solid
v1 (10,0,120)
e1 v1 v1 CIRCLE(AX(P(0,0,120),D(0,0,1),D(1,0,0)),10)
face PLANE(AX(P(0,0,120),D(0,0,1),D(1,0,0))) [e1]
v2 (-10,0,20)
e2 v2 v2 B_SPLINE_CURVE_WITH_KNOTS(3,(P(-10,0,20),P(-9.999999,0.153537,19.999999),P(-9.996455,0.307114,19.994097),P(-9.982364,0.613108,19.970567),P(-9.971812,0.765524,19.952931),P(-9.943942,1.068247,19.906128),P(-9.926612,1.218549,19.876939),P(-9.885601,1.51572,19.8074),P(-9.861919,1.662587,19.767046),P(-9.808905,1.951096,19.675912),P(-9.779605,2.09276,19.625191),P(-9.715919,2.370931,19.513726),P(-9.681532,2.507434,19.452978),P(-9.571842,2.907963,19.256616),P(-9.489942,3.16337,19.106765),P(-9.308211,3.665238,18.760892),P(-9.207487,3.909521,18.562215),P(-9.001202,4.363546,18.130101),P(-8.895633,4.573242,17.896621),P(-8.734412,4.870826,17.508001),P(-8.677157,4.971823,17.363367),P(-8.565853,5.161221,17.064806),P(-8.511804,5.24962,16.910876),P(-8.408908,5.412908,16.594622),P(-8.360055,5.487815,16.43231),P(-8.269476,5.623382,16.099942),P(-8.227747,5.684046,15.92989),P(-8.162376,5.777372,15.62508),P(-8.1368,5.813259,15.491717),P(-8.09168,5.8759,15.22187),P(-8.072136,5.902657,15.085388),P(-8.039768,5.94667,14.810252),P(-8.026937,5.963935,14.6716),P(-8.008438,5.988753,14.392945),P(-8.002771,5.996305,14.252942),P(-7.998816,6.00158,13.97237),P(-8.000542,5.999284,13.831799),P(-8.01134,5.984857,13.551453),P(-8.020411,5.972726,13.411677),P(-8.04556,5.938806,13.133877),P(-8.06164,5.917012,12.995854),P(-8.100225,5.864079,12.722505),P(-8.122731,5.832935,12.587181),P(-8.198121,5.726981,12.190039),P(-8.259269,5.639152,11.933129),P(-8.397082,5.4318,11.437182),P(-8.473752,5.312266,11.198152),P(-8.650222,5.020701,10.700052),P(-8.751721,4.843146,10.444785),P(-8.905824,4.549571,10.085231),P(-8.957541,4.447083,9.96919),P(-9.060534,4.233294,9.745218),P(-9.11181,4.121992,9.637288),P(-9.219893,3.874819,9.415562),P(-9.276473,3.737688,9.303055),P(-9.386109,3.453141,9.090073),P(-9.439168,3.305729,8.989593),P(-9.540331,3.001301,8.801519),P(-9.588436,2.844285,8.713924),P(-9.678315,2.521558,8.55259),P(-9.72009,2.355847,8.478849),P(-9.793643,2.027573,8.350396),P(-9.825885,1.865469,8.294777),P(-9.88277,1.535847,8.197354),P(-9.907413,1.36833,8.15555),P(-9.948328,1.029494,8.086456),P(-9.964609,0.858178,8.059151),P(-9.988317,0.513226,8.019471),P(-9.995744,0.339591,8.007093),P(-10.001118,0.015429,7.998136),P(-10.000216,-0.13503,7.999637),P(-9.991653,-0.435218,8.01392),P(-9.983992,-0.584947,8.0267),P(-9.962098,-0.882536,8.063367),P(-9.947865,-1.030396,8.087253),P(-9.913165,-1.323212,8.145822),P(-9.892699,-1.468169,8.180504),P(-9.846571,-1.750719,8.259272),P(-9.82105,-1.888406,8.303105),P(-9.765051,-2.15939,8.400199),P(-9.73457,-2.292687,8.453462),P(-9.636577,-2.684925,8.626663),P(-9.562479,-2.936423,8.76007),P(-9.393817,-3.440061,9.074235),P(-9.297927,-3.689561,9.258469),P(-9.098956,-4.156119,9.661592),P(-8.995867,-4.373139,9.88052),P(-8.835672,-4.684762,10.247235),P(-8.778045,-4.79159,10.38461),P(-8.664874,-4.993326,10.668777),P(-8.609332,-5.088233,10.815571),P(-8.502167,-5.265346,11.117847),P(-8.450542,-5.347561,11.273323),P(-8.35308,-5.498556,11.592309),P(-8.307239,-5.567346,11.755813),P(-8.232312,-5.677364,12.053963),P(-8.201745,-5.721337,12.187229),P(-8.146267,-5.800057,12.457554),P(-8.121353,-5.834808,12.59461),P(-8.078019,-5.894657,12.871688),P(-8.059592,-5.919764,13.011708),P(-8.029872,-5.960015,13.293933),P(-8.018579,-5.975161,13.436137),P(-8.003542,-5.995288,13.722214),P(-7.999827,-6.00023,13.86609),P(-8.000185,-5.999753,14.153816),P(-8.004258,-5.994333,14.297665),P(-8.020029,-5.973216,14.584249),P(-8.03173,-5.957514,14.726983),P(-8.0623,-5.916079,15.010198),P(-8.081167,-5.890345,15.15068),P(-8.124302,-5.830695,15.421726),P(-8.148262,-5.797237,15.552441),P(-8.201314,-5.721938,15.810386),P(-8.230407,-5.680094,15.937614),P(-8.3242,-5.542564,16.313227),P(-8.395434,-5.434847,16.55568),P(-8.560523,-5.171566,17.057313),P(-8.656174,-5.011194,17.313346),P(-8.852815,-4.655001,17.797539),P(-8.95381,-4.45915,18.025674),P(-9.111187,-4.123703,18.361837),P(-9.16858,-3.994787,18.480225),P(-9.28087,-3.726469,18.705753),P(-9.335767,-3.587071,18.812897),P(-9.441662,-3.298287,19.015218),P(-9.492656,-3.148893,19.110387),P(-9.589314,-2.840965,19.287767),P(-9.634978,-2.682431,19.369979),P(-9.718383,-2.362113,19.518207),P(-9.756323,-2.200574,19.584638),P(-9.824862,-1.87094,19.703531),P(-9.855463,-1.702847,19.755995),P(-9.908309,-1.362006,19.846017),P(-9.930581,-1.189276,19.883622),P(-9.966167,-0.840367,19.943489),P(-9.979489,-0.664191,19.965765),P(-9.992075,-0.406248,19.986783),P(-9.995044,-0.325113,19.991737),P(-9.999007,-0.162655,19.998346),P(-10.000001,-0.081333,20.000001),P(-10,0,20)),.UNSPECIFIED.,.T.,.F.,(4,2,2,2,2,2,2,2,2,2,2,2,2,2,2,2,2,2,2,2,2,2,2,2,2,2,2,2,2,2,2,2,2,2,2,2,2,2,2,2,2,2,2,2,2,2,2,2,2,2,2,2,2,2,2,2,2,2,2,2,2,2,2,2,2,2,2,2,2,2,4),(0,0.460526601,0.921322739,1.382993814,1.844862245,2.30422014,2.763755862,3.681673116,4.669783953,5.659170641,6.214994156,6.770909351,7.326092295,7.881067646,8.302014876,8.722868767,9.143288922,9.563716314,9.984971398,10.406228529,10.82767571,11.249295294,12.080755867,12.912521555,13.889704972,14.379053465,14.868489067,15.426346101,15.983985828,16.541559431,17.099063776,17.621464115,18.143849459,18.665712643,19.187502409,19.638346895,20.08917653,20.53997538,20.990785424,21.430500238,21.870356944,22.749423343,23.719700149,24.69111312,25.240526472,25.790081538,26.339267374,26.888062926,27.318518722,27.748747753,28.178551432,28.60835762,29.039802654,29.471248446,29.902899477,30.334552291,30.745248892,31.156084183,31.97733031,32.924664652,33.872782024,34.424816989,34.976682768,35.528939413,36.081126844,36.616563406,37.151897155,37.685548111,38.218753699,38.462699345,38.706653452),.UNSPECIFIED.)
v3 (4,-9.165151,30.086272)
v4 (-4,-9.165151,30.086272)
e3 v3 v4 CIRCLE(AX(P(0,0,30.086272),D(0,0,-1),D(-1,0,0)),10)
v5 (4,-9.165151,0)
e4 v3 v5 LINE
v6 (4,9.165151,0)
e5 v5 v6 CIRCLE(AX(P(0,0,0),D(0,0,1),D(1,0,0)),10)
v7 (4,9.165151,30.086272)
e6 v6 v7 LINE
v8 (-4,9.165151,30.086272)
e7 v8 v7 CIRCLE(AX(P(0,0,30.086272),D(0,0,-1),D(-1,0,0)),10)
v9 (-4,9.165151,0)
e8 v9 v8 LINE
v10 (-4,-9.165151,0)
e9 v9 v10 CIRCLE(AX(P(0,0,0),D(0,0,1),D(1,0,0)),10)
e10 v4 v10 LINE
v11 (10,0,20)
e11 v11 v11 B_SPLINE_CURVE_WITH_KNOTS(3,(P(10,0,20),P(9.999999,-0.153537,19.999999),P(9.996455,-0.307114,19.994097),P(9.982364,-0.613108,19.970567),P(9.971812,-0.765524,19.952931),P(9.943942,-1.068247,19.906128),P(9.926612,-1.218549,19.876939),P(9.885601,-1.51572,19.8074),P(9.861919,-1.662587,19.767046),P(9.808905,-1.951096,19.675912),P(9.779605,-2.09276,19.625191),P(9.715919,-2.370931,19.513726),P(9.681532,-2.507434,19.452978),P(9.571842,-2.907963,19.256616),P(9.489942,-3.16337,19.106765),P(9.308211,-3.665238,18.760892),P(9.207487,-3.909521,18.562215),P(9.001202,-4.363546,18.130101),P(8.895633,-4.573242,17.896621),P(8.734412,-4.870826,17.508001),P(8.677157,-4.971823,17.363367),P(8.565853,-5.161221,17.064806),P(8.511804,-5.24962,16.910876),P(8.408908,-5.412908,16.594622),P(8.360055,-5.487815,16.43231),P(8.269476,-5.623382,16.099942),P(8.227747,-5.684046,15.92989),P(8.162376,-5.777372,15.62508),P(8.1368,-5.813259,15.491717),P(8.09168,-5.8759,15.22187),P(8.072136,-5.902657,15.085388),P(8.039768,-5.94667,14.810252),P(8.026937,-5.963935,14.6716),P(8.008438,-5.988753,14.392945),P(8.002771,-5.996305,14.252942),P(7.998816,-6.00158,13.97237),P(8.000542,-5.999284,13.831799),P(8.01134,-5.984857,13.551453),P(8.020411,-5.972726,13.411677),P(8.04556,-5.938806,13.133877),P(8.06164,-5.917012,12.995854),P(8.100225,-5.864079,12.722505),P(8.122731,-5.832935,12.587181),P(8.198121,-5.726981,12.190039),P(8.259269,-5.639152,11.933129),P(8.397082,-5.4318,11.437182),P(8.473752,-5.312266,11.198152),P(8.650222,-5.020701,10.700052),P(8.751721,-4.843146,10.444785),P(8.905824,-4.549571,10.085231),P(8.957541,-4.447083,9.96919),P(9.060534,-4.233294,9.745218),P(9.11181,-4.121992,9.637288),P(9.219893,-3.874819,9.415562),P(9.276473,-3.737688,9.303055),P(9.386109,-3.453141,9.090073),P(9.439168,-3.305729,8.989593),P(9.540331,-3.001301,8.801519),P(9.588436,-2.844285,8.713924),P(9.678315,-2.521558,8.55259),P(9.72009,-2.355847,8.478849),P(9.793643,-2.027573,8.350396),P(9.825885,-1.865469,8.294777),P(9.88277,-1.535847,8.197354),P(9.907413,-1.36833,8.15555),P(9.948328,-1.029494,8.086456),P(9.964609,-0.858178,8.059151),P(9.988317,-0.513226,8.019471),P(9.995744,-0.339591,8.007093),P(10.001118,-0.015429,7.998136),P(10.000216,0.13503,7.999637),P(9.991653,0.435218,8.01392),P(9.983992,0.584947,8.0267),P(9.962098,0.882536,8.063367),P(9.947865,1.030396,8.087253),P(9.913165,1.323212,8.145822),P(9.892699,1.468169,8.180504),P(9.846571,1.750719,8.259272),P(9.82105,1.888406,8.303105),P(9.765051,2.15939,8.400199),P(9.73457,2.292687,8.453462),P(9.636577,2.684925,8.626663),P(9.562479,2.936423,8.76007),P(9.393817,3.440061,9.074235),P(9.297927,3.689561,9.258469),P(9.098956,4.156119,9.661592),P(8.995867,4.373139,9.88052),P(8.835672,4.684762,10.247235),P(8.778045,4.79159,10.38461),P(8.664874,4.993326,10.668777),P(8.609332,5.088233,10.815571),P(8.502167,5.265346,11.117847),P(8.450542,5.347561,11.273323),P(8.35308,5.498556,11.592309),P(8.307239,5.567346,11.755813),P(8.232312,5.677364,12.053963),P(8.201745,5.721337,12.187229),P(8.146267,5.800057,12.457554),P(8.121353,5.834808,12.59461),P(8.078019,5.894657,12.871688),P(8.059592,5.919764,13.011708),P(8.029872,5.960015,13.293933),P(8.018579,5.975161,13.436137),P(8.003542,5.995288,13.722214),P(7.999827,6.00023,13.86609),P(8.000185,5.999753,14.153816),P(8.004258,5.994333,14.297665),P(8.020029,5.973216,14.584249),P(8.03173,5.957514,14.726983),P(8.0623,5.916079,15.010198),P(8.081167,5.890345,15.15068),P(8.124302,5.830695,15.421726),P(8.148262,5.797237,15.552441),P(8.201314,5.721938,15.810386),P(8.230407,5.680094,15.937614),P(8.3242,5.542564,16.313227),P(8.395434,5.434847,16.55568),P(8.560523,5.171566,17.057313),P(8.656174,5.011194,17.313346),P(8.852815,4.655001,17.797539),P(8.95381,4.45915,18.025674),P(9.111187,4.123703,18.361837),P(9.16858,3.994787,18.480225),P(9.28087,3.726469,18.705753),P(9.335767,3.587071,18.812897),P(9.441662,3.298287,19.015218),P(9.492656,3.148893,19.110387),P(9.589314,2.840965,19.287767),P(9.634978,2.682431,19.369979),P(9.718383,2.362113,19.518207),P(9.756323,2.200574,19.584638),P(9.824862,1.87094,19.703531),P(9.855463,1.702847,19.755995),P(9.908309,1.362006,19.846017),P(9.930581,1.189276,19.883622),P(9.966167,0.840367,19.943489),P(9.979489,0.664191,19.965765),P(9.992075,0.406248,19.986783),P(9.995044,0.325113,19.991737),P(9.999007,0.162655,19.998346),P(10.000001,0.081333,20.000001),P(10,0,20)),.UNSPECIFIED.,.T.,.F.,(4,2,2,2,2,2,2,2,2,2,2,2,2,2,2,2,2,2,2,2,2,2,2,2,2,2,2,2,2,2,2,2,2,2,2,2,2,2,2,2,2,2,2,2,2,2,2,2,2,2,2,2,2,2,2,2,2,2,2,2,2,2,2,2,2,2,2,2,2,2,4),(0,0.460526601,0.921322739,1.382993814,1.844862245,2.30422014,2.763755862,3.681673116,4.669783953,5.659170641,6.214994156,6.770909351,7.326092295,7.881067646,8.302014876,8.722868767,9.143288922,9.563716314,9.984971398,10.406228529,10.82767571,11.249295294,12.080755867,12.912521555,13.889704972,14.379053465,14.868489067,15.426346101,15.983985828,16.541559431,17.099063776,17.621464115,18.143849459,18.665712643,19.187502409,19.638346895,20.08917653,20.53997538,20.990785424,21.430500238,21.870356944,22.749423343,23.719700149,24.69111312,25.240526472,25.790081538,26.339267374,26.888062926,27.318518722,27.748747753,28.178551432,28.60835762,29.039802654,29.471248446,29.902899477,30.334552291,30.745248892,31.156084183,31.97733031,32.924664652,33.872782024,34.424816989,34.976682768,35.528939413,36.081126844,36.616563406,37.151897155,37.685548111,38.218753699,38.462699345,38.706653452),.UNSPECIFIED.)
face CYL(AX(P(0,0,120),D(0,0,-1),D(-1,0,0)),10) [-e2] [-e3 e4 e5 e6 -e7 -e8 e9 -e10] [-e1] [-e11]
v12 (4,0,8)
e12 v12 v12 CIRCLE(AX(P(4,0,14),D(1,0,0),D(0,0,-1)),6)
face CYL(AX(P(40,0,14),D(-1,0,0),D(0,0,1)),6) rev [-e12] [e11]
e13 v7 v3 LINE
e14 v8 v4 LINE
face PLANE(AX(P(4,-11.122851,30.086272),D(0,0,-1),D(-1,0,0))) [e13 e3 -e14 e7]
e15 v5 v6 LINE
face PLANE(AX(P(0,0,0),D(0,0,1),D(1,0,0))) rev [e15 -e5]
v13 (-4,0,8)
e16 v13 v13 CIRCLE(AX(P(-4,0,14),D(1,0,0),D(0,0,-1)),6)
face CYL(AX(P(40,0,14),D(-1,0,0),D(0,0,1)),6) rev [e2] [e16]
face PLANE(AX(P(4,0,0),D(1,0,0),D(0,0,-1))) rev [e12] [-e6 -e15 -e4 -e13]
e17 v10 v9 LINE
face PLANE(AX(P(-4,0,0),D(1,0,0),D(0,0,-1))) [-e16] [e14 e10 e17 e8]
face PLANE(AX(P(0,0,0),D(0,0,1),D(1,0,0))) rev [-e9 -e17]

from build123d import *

# Parameters (mm, degrees)
SKETCH1_R               = 10
BOSS_EXTRUDE1_DEPTH     = 120
CUT_EXTRUDE3_DEPTH      = 40
CUT_EXTRUDE3_DEPTH_BACK = 40
SKETCH4_R               = 6
CUT_EXTRUDE4_DEPTH      = 4
CUT_EXTRUDE4_DEPTH_BACK = 4
SKETCH5_W               = 23.593926408
SKETCH5_H               = 33.705609154


with BuildPart() as part:
    # Sketch1 → Boss-Extrude1 (new body)
    with BuildSketch(Plane(origin=(0, 0, 0), x_dir=(0, 1, 0), z_dir=(0, 0, 1))):
        Circle(SKETCH1_R)
    extrude(amount=BOSS_EXTRUDE1_DEPTH)

    # Sketch4 → Cut-Extrude3 (cut, two sides: drawn at the far end of the back side and taken through both)
    with BuildSketch(Plane.YZ.offset(-CUT_EXTRUDE3_DEPTH_BACK)):
        with Locations((0, 14)):
            Circle(SKETCH4_R)
    extrude(amount=CUT_EXTRUDE3_DEPTH + CUT_EXTRUDE3_DEPTH_BACK, mode=Mode.SUBTRACT)

    # Sketch5 → Cut-Extrude4 (cut, two sides: drawn at the far end of the back side and taken through both)
    with BuildSketch(Plane.YZ.offset(-CUT_EXTRUDE4_DEPTH_BACK)):
        with Locations((0.674112183, 13.2334673)):
            Rectangle(SKETCH5_W, SKETCH5_H)
    extrude(amount=CUT_EXTRUDE4_DEPTH + CUT_EXTRUDE4_DEPTH_BACK, mode=Mode.SUBTRACT)


solid = part.part
